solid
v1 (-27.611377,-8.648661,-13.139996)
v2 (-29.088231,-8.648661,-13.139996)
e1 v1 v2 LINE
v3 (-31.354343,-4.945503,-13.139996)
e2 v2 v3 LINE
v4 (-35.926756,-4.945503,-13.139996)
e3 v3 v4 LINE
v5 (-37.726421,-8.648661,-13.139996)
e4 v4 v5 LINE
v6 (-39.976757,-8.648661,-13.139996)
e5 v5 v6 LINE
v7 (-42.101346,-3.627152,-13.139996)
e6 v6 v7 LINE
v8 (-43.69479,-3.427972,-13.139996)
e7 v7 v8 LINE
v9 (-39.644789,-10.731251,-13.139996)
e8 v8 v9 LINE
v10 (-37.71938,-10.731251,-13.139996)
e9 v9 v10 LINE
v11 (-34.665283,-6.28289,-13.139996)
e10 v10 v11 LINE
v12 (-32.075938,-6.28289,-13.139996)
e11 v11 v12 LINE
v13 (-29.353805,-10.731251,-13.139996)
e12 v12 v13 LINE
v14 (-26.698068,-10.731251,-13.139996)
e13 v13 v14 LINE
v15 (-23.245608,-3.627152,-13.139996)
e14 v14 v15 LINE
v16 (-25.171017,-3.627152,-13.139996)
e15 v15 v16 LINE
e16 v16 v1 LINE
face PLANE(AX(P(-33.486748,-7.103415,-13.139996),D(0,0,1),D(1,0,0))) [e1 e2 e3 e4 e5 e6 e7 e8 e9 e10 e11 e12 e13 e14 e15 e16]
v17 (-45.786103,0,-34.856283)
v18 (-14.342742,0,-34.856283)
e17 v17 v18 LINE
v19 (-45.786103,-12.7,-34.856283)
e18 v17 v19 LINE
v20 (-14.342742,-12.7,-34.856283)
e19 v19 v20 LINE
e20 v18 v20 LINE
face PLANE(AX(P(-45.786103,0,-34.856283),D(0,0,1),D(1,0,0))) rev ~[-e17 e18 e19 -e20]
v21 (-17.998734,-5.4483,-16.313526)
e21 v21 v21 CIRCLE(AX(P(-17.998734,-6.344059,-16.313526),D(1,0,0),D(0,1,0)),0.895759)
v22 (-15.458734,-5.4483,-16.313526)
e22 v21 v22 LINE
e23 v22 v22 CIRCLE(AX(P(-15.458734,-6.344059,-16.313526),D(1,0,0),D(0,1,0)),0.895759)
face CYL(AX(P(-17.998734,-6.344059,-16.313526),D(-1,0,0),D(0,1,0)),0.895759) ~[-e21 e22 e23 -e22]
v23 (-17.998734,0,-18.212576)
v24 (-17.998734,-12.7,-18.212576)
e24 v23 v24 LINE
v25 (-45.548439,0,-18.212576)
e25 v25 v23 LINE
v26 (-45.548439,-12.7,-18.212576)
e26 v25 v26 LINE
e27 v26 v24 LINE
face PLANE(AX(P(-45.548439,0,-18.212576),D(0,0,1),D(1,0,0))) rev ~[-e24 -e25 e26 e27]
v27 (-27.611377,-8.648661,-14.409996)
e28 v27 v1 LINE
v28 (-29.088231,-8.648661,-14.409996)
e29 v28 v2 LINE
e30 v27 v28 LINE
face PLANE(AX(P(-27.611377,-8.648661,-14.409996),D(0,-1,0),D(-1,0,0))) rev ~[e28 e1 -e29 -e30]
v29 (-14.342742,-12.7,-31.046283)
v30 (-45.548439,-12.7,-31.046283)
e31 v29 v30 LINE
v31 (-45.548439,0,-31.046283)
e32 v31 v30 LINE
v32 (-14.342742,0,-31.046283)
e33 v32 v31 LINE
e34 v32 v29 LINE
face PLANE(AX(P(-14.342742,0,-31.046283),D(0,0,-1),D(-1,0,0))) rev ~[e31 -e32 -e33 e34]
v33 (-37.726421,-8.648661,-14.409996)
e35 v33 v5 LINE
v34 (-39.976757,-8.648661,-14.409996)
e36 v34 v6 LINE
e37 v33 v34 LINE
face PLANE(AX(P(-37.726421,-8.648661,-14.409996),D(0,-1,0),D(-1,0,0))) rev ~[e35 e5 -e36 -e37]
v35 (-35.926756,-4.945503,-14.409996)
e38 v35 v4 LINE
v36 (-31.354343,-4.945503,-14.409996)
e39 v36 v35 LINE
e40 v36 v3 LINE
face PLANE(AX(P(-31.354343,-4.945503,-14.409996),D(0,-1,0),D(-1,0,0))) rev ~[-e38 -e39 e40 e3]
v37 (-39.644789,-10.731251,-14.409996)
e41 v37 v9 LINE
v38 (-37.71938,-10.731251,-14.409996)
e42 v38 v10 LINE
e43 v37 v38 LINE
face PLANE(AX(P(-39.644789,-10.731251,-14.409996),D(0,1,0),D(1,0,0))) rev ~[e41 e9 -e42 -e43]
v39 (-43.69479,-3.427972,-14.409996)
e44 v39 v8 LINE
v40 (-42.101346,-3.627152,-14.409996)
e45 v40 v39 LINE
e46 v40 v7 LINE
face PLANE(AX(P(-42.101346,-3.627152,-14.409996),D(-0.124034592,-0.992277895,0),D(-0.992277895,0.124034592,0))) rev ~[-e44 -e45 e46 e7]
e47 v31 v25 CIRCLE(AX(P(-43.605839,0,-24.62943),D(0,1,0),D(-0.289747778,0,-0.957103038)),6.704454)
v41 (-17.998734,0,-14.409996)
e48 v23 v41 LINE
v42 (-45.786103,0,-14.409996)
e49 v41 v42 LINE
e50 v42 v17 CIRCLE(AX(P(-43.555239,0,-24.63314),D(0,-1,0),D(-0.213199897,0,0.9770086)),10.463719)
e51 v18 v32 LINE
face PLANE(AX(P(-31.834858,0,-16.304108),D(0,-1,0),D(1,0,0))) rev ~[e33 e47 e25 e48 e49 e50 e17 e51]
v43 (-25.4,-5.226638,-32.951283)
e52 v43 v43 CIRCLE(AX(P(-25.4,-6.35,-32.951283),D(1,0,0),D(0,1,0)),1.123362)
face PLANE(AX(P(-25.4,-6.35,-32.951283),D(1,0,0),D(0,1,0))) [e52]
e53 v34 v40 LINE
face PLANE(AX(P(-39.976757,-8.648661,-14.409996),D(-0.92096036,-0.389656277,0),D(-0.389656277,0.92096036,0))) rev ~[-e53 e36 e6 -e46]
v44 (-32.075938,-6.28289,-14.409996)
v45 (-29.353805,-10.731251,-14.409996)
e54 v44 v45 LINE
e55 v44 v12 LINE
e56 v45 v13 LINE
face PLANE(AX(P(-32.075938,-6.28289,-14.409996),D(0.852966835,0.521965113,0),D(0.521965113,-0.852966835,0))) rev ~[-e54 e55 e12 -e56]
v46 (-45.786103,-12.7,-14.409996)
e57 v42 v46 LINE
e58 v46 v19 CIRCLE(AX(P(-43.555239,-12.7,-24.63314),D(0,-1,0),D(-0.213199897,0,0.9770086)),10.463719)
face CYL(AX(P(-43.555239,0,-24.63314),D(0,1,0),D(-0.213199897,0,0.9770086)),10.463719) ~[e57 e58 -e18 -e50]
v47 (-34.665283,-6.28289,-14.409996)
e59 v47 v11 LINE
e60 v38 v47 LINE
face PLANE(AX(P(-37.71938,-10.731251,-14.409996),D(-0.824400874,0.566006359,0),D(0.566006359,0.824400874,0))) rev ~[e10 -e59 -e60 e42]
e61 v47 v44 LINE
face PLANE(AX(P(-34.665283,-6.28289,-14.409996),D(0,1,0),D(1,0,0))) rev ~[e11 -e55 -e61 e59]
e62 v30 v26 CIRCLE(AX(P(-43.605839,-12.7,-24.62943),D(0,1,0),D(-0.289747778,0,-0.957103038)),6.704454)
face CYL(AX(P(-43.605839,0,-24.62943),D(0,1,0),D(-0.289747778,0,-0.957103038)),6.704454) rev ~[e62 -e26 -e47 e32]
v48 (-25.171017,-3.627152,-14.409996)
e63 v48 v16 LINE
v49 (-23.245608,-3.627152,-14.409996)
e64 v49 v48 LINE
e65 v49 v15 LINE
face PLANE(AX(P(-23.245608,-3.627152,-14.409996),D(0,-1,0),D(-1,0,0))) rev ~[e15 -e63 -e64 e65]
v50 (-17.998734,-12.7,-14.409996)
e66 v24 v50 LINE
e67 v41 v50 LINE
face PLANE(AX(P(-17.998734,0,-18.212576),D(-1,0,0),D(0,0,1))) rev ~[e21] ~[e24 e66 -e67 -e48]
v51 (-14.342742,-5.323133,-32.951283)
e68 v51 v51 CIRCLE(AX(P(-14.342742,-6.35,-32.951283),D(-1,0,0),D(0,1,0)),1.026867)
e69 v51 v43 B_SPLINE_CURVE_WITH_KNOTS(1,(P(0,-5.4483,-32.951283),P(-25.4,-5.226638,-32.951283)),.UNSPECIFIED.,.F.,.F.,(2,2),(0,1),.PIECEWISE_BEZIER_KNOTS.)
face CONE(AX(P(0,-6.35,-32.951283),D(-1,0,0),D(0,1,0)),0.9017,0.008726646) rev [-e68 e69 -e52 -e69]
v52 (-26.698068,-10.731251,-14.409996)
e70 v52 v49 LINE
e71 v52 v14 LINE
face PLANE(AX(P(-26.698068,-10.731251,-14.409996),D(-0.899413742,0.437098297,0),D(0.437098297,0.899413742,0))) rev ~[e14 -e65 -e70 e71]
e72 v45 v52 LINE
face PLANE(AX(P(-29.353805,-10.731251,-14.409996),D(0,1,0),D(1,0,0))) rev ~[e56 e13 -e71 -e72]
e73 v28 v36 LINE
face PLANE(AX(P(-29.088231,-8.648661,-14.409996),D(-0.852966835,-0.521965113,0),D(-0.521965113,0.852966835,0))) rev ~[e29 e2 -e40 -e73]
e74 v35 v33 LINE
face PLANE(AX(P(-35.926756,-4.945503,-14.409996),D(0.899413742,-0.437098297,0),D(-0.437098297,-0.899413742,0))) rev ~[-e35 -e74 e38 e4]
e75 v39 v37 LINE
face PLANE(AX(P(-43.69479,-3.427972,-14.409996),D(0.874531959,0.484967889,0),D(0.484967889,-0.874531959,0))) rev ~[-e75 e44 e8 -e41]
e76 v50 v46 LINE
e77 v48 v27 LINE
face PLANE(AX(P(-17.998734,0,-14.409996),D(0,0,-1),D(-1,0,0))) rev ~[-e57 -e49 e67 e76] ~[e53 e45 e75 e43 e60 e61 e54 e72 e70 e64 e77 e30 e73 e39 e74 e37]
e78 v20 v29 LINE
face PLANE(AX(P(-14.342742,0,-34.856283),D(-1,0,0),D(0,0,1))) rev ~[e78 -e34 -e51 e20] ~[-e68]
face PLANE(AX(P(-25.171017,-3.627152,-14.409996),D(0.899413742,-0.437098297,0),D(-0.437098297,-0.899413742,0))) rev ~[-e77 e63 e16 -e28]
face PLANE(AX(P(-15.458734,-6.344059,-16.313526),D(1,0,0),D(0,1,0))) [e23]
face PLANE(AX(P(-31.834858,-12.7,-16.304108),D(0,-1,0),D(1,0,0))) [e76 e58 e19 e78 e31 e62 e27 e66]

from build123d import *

# Parameters (mm, degrees)
F1_DEPTH = 12.7
F2_R     = 0.8957594025
F3_DEPTH = 2.54
F4_R     = 0.9017
F5_DEPTH = 25.4
F5_TAPER = -0.5
F7_DEPTH = 1.27


with BuildPart() as f1:
    # F0 (on Front) → F1 (new body)
    with BuildSketch(Plane.XZ):
        Polygon((-45.7861032019, -14.4099961261), (-45.5484393347, -18.2125762878), (-17.9987344891, -18.2125762878), (-17.9987344891, -14.4099961261), align=None)
        with BuildLine():
            ThreePointArc((-45.5484393347, -31.0462834481), (-50.3102929013, -24.629429868), (-45.5484393347, -18.2125762878))
            Line((-45.5484393347, -18.2125762878), (-45.7861032019, -14.4099961261))
            ThreePointArc((-45.7861032019, -14.4099961261), (-54.0189585577, -24.6331397871), (-45.7861032019, -34.8562834481))
            Line((-45.7861032019, -34.8562834481), (-45.5484393347, -31.0462834481))
        make_face()
        Polygon((-14.3427420408, -31.0462834481), (-45.5484393347, -31.0462834481), (-45.7861032019, -34.8562834481), (-14.3427420408, -34.8562834481), align=None)
    extrude(amount=F1_DEPTH)

    # F2 (on face) → F3 (join)
    with BuildSketch(Plane.YZ.offset(-17.9987344891)):
        with Locations((-6.3440594025, -16.3135261769)):
            Circle(F2_R)
    extrude(amount=F3_DEPTH)

    # F4 (on Right) → F5 (cut)
    with BuildSketch(Plane.YZ):
        with Locations((-6.35, -32.9512834481)):
            Circle(F4_R)
    extrude(amount=-F5_DEPTH, taper=F5_TAPER, mode=Mode.SUBTRACT)

    # F6 (on face) → F7 (join)
    with BuildSketch(Plane.XY.offset(-14.4099961261)):
        Polygon((-42.1013459563, -3.627152415), (-43.6947904527, -3.4279720858), (-39.6447889507, -10.731250979), (-37.7193801105, -10.731250979), (-34.6652828157, -6.2828902155), (-32.0759378374, -6.2828902155), (-29.3538048863, -10.731250979), (-26.6980677843, -10.731250979), (-23.2456084341, -3.627152415), (-25.1710172743, -3.627152415), (-27.6113765675, -8.6486606188), (-29.0882308036, -8.6486606188), (-31.3543434693, -4.9455032606), (-35.9267555177, -4.9455032606), (-37.7264208984, -8.6486606188), (-39.9767570198, -8.6486606188), align=None)
    extrude(amount=F7_DEPTH)


solid = f1.part
